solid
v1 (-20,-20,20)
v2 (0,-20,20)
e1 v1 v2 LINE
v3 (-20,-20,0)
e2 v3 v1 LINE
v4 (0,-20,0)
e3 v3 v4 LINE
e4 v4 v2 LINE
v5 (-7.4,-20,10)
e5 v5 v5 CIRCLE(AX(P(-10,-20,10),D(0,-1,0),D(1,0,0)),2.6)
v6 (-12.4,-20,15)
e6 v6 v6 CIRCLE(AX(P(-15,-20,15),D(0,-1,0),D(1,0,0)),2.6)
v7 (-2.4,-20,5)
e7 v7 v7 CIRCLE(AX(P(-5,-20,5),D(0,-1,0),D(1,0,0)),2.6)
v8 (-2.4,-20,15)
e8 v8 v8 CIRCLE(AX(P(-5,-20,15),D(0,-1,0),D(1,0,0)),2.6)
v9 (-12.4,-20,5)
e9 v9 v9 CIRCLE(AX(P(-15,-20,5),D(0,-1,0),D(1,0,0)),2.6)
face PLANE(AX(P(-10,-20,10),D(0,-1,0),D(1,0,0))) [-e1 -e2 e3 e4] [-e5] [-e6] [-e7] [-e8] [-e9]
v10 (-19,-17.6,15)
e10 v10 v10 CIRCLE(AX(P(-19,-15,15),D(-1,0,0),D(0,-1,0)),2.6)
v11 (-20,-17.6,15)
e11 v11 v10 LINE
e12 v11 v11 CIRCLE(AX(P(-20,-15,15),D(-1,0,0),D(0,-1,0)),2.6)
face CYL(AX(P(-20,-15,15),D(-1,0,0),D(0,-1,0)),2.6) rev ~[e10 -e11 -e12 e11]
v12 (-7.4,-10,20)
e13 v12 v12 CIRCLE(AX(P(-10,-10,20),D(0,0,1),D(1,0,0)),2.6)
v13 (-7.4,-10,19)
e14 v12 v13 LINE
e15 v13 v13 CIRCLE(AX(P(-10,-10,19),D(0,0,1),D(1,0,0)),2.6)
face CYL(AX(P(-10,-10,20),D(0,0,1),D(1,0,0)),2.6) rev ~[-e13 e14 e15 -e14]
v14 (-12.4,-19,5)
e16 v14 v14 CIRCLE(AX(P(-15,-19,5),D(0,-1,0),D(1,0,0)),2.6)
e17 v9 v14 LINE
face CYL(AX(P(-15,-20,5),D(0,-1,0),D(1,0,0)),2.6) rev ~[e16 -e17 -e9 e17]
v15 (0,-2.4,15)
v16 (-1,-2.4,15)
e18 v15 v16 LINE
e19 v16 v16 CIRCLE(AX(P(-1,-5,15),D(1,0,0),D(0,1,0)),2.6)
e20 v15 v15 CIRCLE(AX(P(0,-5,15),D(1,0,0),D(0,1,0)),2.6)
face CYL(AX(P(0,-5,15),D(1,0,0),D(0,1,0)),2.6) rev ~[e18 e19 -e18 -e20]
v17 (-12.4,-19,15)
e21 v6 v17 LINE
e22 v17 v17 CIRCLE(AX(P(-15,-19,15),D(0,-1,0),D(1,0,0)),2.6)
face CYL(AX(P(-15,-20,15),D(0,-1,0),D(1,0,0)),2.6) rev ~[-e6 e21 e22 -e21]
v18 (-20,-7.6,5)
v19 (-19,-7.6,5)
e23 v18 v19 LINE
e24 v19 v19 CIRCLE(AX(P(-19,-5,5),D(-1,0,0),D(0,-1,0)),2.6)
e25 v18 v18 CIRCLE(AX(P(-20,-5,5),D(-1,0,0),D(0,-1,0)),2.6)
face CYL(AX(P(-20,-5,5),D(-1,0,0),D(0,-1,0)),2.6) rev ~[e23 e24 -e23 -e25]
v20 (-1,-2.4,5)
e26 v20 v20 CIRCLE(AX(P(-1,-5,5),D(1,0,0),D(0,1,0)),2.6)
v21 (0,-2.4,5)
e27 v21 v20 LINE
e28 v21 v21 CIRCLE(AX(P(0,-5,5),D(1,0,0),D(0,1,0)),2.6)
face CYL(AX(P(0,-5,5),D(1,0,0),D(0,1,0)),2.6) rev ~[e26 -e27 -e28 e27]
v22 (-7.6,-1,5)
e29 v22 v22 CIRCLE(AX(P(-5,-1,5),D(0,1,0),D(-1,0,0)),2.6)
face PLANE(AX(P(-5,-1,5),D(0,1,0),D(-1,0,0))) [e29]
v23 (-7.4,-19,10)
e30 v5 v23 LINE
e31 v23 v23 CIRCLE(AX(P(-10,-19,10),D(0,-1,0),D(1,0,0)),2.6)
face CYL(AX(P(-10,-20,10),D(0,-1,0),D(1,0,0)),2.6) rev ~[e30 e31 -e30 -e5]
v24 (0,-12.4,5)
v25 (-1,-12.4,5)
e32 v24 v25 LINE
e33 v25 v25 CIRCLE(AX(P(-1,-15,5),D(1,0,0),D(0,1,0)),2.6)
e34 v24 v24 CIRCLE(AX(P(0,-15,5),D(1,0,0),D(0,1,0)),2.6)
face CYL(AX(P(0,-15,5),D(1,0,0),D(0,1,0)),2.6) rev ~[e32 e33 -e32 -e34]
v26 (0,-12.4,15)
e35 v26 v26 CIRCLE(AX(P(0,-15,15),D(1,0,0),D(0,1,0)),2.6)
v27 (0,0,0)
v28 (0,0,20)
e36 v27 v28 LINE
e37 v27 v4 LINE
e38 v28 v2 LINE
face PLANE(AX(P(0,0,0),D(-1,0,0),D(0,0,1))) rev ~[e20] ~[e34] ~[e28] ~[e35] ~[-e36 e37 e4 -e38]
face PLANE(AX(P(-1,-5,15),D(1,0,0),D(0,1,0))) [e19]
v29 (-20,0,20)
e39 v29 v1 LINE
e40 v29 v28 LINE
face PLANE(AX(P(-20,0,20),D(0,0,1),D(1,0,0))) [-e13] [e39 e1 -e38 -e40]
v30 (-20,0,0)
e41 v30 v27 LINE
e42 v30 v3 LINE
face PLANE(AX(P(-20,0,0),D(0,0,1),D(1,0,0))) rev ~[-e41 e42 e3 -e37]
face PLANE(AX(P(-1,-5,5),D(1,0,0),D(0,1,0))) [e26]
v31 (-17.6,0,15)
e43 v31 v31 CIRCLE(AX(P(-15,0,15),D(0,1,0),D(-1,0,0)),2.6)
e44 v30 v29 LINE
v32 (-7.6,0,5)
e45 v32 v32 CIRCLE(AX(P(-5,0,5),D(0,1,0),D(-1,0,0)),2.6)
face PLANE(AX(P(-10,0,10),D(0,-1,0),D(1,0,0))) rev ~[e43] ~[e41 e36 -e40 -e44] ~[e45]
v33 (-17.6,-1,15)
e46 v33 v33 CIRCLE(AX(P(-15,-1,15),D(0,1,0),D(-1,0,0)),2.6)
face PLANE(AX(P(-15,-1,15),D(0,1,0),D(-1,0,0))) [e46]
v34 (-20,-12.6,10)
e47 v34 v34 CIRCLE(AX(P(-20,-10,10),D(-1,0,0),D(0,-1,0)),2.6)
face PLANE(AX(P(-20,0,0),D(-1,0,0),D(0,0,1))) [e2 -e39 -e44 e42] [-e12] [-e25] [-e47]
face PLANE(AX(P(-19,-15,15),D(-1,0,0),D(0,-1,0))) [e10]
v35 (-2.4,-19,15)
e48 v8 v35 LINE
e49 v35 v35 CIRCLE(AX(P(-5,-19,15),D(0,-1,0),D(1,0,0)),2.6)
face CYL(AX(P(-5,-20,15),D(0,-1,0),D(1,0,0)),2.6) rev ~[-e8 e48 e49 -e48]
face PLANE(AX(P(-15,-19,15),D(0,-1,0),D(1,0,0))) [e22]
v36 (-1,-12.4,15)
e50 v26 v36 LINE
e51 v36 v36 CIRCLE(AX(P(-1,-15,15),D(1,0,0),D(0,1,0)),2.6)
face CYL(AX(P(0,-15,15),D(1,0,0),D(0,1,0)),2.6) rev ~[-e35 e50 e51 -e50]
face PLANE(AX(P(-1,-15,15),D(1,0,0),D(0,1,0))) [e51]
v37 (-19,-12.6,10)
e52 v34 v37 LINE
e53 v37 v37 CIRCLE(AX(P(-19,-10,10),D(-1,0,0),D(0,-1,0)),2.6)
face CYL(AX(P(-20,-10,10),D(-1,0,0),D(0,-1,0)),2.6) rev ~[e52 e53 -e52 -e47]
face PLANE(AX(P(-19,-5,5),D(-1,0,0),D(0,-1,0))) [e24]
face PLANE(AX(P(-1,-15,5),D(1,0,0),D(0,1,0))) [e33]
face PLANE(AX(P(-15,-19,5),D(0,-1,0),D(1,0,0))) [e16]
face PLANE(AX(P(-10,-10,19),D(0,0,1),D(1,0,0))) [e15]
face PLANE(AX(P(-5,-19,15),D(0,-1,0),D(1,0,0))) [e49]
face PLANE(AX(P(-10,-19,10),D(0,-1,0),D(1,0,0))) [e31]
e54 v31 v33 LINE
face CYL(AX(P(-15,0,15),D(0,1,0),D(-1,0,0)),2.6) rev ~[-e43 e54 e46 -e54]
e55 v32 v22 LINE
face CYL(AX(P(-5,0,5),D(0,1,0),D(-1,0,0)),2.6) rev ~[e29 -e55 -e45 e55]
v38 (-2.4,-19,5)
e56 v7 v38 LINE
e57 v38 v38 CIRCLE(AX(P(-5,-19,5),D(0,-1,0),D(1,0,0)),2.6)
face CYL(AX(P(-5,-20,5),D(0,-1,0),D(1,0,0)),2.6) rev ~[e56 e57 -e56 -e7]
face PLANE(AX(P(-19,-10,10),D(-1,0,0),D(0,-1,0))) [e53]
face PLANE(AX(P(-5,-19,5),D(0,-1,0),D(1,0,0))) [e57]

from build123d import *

# Parameters (mm, degrees)
F0_W      = 20
F0_H      = 20
F1_DEPTH  = 20
F2_R      = 2.6
F3_DEPTH  = 1
F4_R      = 2.6
F5_DEPTH  = 1
F6_R      = 2.6
F7_DEPTH  = 1
F8_R      = 2.6
F9_DEPTH  = 1
F10_R     = 2.6
F11_DEPTH = 1


with BuildPart() as f1:
    # F0 (on Front) → F1 (new body)
    with BuildSketch(Plane.XZ):
        with Locations((-10, 10)):
            Rectangle(F0_W, F0_H)
    extrude(amount=F1_DEPTH)

    # F2 (on face) → F3 (cut)
    with BuildSketch(Plane.XZ.offset(20)):
        with Locations((-15, 15)):
            Circle(F2_R)
        with Locations((-10, 10)):
            Circle(F2_R)
        with Locations((-15, 5)):
            Circle(F2_R)
        with Locations((-5, 15)):
            Circle(F2_R)
        with Locations((-5, 5)):
            Circle(F2_R)
    extrude(amount=-F3_DEPTH, mode=Mode.SUBTRACT)

    # F4 (on face) → F5 (cut)
    with BuildSketch(Plane(origin=(0, 0, 0), x_dir=(-1, 0, 0), z_dir=(0, 1, 0))):
        with Locations((15, 15)):
            Circle(F4_R)
        with Locations((5, 5)):
            Circle(F4_R)
    extrude(amount=-F5_DEPTH, mode=Mode.SUBTRACT)

    # F6 (on face) → F7 (cut)
    with BuildSketch(Plane.XY.offset(20)):
        with Locations((-10, -10)):
            Circle(F6_R)
    extrude(amount=-F7_DEPTH, mode=Mode.SUBTRACT)

    # F8 (on face) → F9 (cut)
    with BuildSketch(Plane(origin=(-20, 0, 0), x_dir=(0, -1, 0), z_dir=(-1, 0, 0))):
        with Locations((10, 10)):
            Circle(F8_R)
        with Locations((15, 15)):
            Circle(F8_R)
        with Locations((5, 5)):
            Circle(F8_R)
    extrude(amount=-F9_DEPTH, mode=Mode.SUBTRACT)

    # F10 (on face) → F11 (cut)
    with BuildSketch(Plane.YZ):
        with Locations((-15, 15)):
            Circle(F10_R)
        with Locations((-15, 5)):
            Circle(F10_R)
        with Locations((-5, 15)):
            Circle(F10_R)
        with Locations((-5, 5)):
            Circle(F10_R)
    extrude(amount=-F11_DEPTH, mode=Mode.SUBTRACT)


solid = f1.part
